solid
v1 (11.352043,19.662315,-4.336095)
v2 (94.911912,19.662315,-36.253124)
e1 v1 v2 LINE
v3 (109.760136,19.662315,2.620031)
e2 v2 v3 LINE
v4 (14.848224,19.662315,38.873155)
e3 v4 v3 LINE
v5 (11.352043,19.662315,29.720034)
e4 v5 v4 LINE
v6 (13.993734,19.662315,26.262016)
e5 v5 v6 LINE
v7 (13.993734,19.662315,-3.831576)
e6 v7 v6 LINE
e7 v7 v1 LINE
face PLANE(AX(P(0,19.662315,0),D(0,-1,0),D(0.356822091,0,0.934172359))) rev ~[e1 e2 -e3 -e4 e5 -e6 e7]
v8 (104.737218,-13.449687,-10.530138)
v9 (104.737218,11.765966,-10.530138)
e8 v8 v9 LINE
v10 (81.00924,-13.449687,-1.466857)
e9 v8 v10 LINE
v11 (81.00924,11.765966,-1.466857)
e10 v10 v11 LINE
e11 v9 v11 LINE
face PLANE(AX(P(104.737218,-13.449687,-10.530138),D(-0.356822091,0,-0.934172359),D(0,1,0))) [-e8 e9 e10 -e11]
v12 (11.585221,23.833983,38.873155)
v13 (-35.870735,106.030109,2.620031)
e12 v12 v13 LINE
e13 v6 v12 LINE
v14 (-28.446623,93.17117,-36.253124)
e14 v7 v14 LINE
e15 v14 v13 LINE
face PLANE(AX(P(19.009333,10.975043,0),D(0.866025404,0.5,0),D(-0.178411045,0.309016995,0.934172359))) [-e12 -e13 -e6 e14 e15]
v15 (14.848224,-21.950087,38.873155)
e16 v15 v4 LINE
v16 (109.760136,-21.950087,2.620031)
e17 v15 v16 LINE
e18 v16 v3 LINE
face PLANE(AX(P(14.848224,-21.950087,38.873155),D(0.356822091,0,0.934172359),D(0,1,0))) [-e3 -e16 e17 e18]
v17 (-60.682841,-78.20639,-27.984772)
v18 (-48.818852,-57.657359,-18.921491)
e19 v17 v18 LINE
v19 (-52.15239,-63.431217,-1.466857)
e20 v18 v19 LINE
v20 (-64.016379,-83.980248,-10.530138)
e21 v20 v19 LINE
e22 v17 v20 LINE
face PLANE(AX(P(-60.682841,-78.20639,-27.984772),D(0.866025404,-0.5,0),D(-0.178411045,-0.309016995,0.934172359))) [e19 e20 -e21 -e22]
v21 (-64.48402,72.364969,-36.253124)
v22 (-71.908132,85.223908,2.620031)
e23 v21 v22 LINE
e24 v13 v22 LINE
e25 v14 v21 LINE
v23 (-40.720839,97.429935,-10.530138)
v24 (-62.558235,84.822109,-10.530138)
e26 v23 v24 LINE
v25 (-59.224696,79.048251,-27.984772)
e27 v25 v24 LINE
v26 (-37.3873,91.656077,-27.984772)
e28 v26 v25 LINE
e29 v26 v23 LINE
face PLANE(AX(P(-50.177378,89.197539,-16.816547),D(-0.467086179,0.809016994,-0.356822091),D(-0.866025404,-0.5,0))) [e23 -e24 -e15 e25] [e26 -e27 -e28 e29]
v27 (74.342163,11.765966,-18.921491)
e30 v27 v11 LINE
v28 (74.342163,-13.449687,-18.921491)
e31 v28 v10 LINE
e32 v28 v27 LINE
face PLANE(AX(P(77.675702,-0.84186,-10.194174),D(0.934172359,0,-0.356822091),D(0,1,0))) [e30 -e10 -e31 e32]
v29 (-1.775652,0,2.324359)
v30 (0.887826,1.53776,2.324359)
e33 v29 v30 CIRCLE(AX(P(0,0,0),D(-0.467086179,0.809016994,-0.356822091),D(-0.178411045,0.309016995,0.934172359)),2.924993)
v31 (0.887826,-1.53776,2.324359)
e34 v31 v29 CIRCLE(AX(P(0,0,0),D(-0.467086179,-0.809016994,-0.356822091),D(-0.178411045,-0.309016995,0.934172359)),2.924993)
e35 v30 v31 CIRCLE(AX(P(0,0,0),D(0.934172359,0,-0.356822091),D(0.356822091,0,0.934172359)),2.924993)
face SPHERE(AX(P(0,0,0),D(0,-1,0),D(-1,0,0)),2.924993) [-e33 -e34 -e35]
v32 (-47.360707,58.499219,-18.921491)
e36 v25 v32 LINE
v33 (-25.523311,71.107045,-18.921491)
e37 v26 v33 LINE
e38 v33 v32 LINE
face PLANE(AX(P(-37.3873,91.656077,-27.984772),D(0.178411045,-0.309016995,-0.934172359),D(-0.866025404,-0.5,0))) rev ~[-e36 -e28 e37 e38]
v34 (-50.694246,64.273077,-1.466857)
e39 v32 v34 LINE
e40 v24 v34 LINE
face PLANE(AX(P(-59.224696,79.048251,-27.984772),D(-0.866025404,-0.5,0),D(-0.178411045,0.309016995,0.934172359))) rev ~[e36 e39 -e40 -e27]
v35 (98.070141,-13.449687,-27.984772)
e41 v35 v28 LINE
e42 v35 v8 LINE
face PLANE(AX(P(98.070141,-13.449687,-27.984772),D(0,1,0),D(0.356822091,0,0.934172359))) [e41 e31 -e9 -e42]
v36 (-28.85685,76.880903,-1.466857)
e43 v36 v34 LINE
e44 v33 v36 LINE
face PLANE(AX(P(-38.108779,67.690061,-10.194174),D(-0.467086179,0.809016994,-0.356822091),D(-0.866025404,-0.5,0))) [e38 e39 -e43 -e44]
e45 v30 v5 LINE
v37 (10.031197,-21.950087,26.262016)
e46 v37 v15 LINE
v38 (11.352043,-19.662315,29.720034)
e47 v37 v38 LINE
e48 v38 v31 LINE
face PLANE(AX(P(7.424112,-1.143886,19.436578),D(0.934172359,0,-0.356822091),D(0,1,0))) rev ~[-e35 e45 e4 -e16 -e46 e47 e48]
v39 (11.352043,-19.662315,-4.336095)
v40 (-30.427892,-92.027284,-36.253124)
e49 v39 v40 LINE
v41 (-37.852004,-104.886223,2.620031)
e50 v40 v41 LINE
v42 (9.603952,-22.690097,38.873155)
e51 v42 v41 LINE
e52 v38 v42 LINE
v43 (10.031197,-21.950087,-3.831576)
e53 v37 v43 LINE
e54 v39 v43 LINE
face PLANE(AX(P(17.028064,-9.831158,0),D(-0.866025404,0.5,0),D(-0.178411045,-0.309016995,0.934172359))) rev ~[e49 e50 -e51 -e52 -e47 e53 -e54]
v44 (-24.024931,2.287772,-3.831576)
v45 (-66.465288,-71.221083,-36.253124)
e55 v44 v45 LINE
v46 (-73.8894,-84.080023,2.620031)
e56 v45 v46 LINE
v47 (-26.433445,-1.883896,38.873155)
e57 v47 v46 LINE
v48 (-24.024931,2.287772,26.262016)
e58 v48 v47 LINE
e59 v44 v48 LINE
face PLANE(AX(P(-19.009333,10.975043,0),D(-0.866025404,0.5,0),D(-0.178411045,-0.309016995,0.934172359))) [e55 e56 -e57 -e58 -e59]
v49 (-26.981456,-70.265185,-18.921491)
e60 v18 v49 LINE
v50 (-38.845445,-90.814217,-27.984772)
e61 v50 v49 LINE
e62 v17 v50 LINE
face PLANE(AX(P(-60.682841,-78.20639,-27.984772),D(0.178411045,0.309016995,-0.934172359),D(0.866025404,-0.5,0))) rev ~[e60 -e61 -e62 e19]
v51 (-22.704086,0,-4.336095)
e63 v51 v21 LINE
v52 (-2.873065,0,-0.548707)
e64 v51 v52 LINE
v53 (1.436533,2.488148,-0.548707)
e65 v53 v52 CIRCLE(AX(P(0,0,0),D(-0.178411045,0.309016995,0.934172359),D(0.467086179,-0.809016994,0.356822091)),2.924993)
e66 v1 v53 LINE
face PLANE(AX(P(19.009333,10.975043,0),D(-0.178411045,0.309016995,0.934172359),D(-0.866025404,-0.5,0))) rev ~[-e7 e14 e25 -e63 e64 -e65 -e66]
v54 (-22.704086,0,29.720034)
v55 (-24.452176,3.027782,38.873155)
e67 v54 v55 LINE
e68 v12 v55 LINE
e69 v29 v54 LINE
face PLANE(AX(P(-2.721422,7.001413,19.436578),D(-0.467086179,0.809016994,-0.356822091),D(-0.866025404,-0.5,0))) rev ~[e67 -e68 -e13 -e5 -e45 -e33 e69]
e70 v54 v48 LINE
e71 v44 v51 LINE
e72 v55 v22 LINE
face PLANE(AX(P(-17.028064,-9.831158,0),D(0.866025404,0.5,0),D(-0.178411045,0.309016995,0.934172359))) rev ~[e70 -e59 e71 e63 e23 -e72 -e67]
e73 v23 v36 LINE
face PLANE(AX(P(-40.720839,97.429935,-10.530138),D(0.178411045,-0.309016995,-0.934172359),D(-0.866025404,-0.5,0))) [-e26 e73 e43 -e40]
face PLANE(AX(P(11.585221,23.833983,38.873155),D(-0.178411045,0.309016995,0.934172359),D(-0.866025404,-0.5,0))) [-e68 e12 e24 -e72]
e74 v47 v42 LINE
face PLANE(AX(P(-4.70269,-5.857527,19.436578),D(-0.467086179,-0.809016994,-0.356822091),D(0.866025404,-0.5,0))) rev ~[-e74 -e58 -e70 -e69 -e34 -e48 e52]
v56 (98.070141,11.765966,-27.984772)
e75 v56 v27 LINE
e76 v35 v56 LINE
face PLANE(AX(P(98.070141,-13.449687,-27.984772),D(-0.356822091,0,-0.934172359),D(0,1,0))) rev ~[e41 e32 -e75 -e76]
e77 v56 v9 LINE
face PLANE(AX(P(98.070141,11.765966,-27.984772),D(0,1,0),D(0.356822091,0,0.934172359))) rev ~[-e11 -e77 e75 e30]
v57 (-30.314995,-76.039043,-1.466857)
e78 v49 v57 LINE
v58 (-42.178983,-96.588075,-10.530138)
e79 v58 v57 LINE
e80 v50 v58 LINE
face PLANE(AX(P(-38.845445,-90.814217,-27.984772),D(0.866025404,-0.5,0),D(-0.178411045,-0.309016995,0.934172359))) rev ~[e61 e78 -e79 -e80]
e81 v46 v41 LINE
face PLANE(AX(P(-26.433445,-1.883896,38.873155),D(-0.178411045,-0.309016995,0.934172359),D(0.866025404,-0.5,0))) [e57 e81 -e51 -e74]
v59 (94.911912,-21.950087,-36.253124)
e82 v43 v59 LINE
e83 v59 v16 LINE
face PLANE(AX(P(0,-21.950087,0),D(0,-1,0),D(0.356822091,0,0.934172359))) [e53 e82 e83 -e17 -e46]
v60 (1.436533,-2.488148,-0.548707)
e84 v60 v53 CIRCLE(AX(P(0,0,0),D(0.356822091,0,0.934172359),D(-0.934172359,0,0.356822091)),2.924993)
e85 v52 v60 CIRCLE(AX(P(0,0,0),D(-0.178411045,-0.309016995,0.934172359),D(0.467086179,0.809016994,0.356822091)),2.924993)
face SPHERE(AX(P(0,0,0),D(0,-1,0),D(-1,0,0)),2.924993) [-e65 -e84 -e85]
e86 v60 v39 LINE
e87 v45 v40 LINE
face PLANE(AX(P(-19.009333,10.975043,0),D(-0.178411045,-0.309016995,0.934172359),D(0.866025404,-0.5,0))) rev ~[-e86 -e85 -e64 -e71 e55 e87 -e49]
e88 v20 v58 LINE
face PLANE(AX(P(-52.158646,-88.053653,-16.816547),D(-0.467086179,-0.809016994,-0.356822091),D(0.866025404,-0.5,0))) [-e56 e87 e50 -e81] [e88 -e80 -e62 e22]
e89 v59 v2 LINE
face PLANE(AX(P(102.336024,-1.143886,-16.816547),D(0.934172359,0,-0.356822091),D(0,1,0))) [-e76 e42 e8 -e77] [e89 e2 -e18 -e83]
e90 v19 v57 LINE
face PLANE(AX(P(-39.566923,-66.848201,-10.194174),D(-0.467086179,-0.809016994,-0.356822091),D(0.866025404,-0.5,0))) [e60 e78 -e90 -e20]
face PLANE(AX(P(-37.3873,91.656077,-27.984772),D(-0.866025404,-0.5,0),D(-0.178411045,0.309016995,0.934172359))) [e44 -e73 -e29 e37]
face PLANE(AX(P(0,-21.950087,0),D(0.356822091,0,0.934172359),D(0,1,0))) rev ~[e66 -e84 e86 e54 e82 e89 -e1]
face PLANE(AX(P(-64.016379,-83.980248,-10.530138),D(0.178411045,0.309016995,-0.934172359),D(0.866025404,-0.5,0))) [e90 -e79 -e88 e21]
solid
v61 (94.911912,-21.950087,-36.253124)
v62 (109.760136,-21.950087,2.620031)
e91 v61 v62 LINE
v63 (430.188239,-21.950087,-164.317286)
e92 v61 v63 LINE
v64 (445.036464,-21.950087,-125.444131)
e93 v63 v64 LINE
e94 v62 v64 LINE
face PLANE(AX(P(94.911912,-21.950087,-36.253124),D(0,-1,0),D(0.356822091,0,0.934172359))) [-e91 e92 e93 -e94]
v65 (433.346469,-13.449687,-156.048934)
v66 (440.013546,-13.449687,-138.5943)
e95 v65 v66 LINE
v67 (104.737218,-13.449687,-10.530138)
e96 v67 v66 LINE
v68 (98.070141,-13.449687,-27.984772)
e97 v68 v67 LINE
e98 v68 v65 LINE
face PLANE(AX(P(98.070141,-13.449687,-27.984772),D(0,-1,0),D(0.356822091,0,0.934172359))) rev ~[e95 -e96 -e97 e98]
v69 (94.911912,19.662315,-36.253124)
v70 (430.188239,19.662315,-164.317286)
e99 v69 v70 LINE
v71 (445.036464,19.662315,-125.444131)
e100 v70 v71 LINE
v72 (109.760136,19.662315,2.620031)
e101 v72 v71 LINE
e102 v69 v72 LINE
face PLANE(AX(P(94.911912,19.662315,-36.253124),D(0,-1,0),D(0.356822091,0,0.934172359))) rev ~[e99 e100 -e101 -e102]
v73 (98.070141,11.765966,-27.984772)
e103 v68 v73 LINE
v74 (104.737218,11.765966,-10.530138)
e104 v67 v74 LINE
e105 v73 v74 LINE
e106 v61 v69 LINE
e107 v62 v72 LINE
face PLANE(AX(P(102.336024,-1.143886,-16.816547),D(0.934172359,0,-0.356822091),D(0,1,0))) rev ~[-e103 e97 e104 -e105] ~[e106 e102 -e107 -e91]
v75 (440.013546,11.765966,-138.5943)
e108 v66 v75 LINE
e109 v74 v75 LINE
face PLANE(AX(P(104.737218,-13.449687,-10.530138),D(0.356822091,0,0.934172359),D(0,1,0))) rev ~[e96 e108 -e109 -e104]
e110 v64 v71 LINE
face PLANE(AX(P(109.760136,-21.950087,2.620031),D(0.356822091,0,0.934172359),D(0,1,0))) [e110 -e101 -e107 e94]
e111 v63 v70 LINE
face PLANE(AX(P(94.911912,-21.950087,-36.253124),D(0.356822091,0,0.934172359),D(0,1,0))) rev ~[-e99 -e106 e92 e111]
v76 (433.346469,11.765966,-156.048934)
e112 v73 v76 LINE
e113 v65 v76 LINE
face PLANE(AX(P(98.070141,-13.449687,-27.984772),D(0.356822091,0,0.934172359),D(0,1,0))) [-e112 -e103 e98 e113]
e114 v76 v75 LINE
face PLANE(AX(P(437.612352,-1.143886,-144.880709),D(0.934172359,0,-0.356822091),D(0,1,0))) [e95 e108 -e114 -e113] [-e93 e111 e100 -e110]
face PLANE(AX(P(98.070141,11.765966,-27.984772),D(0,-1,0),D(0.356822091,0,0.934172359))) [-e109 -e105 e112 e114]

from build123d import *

# Parameters (mm, degrees)
F0_W     = 41.6124016047
F0_H     = 41.6124016047
F1_DEPTH = 101.6
F2_W     = 25.2156527713
F2_H     = 18.6845967546
F3_DEPTH = 25.4
F4_ANGLE = -20.9051575
F8_COUNT = 3
F9_DEPTH = 358.902


with BuildPart() as f1:
    # F0 (on Right) → F1 (new body)
    with BuildSketch(Plane.YZ):
        with Locations((-1.1438857764, 20.8062008023)):
            Rectangle(F0_W, F0_H)
    extrude(amount=F1_DEPTH)

    # F2 (on face) → F3 (cut)
    with BuildSketch(Plane.YZ.offset(101.6)):
        with Locations((-0.8418601938, 18.1932910345)):
            Rectangle(F2_W, F2_H)
    extrude(amount=-F3_DEPTH, mode=Mode.SUBTRACT)


with BuildPart() as f1_1:
    # F4: moved
    add(f1.part.rotate(Axis((0, -1.1438857764, 0), (0, -1, 0)), F4_ANGLE))

    # F6 (on Top) → F7 (revolve)
    with BuildSketch(Plane.XY):
        with BuildLine():
            Line((0, -2.9249929607), (0, 2.9249929607))
            ThreePointArc((0, 2.9249929607), (-2.9249929607, 0), (0, -2.9249929607))
        make_face()
    revolve(axis=Axis((0, 0, 0), (0, -1, 0)))

    # F8: F1 ×3 about axis
    f8_axis = Axis((0, 0, 36.8781723082), (0, 0, 1))


with BuildPart() as f1_2:
    add(f1_1.part)
    for i in range(1, F8_COUNT):
        add(f1_1.part.rotate(f8_axis, i * 360 / F8_COUNT))


with BuildPart() as f9:
    # F9 (new): a face of the model
    f9_faces = [f1_2.part.faces().sort_by_distance(p)[0] for p in [
        (102.3360237058, -21.3615983516, -16.8165467295),
    ]]
    extrude(f9_faces, amount=F9_DEPTH)


solid = Compound([f1_2.part, f9.part])
